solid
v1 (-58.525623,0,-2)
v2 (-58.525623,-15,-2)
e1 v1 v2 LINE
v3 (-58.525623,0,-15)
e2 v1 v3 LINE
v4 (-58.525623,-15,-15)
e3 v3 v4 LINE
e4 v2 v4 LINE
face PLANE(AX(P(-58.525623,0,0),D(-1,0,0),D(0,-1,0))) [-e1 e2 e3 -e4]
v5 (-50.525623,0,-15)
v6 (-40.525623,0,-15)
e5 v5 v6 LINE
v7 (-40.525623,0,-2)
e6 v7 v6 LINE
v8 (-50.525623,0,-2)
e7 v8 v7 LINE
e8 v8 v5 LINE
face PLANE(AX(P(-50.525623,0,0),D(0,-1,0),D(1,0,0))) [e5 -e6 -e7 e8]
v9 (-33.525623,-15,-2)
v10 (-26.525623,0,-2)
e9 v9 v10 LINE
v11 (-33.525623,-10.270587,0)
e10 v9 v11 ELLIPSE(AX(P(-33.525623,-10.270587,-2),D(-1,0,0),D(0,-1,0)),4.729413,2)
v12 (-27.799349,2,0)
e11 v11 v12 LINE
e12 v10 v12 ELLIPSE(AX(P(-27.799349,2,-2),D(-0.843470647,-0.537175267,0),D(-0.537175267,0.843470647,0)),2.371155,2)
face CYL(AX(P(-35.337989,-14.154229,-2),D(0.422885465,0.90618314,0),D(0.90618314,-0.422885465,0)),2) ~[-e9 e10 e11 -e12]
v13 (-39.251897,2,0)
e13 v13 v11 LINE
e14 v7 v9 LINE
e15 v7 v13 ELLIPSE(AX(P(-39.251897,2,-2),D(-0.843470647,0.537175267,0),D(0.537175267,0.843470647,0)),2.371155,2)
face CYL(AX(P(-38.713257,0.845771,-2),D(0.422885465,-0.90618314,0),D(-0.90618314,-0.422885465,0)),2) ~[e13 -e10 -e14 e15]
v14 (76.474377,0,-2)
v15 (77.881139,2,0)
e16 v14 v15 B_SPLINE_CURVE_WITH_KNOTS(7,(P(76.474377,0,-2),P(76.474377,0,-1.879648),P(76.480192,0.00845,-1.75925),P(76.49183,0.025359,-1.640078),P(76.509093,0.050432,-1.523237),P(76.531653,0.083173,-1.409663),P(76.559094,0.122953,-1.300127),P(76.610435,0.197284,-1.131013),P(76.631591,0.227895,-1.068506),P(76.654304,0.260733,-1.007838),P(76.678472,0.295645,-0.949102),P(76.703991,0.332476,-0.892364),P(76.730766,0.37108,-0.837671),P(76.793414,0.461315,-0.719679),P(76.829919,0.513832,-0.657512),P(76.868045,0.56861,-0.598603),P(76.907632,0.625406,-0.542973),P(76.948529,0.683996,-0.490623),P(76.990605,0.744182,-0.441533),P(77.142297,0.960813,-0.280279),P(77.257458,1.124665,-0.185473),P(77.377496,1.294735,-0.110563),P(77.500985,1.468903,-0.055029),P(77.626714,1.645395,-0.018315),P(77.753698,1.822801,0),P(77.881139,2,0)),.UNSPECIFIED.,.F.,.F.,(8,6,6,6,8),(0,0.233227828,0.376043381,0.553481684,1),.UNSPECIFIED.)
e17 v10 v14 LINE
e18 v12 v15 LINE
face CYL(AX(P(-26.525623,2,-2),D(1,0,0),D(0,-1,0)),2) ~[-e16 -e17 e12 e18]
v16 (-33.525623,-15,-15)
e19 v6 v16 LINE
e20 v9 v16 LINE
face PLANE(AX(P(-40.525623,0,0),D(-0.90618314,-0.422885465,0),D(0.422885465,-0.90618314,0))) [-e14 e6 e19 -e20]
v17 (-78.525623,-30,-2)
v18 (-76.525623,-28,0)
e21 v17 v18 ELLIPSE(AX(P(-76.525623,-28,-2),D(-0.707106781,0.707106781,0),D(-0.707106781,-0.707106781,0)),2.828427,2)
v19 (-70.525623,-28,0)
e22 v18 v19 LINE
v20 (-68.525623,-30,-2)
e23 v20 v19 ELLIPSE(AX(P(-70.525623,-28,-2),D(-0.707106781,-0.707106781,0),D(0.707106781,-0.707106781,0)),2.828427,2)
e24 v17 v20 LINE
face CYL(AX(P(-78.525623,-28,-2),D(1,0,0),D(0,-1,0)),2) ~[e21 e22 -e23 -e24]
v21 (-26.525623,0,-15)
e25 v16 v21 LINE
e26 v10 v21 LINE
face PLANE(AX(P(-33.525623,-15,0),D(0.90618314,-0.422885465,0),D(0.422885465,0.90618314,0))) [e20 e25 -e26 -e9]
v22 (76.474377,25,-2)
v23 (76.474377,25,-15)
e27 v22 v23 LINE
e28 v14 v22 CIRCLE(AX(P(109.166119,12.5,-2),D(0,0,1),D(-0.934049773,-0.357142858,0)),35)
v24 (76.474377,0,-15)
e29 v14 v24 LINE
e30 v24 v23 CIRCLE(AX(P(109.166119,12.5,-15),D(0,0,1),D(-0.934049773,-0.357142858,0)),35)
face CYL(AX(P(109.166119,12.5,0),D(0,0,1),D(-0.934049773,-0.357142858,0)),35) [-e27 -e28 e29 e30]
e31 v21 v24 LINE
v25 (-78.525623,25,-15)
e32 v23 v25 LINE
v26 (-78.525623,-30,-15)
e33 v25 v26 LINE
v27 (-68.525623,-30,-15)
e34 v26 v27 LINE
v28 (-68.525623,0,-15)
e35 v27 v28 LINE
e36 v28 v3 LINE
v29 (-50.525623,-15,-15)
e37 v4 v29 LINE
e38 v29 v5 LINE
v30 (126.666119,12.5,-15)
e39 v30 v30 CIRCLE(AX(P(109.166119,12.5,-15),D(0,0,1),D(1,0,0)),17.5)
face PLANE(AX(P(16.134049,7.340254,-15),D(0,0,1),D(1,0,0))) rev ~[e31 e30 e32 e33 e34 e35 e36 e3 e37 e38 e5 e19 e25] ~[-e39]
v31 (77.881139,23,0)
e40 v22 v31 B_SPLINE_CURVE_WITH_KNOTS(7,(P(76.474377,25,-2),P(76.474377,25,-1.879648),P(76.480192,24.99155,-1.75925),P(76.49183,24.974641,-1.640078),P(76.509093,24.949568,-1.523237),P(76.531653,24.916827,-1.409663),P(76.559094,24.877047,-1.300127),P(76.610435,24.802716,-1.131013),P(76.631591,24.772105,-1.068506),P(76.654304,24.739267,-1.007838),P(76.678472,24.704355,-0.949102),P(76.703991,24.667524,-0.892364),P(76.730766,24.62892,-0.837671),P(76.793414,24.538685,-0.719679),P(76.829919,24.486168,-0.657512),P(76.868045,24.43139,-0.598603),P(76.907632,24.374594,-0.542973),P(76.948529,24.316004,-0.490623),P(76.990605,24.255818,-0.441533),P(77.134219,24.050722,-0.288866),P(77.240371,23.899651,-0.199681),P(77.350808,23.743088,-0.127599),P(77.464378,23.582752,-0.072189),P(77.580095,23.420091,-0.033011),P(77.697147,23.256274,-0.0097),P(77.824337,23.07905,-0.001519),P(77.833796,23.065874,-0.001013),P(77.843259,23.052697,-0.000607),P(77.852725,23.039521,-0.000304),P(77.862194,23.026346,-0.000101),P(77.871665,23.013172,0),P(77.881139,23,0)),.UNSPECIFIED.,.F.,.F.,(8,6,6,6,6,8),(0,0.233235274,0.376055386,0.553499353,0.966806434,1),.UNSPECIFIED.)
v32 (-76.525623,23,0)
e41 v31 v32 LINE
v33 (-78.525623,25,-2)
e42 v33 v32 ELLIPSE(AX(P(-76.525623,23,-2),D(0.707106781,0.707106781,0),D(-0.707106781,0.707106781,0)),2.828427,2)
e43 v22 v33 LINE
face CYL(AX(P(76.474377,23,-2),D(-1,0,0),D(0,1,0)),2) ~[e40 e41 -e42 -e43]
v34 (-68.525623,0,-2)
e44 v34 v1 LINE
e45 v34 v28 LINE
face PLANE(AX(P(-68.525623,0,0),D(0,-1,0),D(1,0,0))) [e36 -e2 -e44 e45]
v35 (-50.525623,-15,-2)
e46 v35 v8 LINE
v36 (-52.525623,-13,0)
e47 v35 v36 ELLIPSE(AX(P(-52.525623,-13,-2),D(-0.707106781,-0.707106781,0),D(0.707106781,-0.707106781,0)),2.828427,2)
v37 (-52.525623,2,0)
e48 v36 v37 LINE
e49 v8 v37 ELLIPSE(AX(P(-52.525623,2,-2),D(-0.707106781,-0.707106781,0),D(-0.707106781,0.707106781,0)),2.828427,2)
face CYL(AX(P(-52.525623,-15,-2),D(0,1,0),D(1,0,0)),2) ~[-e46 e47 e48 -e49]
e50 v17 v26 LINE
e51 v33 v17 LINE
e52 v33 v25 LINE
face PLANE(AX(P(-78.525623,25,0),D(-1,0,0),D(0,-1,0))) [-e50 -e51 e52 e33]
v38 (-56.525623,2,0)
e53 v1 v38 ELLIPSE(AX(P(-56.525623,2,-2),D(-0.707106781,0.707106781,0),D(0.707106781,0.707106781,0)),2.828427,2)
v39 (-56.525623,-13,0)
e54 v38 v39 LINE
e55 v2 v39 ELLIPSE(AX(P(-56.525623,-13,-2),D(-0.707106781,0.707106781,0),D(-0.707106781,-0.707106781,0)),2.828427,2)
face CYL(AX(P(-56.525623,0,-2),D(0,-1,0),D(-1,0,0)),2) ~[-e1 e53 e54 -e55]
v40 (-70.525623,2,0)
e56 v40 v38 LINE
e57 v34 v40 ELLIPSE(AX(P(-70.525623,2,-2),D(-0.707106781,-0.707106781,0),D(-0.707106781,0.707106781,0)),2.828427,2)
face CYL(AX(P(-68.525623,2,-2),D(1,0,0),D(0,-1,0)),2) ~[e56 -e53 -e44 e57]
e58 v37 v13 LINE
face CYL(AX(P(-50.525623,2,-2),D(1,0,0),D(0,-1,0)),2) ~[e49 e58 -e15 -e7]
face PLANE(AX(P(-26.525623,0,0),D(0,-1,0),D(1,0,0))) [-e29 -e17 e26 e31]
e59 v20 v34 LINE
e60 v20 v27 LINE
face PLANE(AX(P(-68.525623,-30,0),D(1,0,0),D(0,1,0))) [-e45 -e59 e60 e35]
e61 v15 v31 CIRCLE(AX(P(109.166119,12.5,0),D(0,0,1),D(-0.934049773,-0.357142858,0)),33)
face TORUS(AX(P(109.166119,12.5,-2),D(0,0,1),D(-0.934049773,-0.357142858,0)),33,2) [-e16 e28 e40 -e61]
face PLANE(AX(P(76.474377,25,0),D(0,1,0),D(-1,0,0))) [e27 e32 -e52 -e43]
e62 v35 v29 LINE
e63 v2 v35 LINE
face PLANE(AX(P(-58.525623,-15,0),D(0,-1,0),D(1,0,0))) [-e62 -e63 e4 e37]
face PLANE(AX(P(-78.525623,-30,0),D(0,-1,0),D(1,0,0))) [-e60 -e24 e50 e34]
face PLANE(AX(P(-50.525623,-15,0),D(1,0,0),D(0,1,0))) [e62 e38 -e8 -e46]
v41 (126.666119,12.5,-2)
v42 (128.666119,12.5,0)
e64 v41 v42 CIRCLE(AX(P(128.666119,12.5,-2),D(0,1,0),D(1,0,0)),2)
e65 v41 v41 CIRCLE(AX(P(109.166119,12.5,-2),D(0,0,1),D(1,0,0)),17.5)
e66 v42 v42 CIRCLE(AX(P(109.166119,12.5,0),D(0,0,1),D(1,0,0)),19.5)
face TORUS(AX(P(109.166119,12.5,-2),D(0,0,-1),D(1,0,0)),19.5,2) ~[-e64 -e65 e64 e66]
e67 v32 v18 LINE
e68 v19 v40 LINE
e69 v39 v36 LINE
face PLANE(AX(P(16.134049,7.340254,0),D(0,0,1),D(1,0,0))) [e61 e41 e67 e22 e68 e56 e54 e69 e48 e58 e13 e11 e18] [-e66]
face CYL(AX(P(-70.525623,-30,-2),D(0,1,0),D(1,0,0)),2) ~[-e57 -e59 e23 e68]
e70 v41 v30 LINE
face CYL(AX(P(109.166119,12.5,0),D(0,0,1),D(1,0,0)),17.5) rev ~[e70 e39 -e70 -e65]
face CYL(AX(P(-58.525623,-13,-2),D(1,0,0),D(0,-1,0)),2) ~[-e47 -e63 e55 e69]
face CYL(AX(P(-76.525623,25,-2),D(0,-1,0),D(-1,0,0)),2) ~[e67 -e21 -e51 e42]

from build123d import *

# Parameters (mm, degrees)
F0_R     = 17.5
F1_DEPTH = 15
F2_R     = 2


with BuildPart() as f1:
    # F0 (on Top) → F1 (new body)
    with BuildSketch(Plane.XY):
        with BuildLine():
            Line((76.474377, 25), (-78.525623, 25))
            Line((-78.525623, 25), (-78.525623, 0))
            Line((-78.525623, 0), (-78.525623, -30))
            Line((-78.525623, -30), (-68.525623, -30))
            Line((-68.525623, -30), (-68.525623, 0))
            Line((-68.525623, 0), (-58.525623, 0))
            Line((-58.525623, 0), (-58.525623, -15))
            Line((-58.525623, -15), (-50.525623, -15))
            Line((-50.525623, -15), (-50.525623, 0))
            Line((-50.525623, 0), (-40.525623, 0))
            Line((-40.525623, 0), (-33.525623, -15))
            Line((-33.525623, -15), (-26.525623, 0))
            Line((-26.525623, 0), (76.474377, 0))
            ThreePointArc((76.474377, 0), (144.166119, 12.5), (76.474377, 25))
        make_face()
        with Locations((109.166119, 12.5)):
            Circle(F0_R, mode=Mode.SUBTRACT)
    extrude(amount=-F1_DEPTH)

    # F2
    f2_edges = [f1.edges().sort_by_distance(p)[0] for p in [
        (-1.025623, 25, 0),
        (-78.525623, -2.5, 0),
        (-73.525623, -30, 0),
        (-68.525623, -15, 0),
        (-63.525623, 0, 0),
        (-58.525623, -7.5, 0),
        (-54.525623, -15, 0),
        (-50.525623, -7.5, 0),
        (-45.525623, 0, 0),
        (-37.025623, -7.5, 0),
        (-30.025623, -7.5, 0),
        (24.974377, 0, 0),
        (144.166119, 12.5, 0),
        (91.666119, 12.5, 0),
    ]]
    fillet(f2_edges, radius=F2_R)


solid = f1.part
